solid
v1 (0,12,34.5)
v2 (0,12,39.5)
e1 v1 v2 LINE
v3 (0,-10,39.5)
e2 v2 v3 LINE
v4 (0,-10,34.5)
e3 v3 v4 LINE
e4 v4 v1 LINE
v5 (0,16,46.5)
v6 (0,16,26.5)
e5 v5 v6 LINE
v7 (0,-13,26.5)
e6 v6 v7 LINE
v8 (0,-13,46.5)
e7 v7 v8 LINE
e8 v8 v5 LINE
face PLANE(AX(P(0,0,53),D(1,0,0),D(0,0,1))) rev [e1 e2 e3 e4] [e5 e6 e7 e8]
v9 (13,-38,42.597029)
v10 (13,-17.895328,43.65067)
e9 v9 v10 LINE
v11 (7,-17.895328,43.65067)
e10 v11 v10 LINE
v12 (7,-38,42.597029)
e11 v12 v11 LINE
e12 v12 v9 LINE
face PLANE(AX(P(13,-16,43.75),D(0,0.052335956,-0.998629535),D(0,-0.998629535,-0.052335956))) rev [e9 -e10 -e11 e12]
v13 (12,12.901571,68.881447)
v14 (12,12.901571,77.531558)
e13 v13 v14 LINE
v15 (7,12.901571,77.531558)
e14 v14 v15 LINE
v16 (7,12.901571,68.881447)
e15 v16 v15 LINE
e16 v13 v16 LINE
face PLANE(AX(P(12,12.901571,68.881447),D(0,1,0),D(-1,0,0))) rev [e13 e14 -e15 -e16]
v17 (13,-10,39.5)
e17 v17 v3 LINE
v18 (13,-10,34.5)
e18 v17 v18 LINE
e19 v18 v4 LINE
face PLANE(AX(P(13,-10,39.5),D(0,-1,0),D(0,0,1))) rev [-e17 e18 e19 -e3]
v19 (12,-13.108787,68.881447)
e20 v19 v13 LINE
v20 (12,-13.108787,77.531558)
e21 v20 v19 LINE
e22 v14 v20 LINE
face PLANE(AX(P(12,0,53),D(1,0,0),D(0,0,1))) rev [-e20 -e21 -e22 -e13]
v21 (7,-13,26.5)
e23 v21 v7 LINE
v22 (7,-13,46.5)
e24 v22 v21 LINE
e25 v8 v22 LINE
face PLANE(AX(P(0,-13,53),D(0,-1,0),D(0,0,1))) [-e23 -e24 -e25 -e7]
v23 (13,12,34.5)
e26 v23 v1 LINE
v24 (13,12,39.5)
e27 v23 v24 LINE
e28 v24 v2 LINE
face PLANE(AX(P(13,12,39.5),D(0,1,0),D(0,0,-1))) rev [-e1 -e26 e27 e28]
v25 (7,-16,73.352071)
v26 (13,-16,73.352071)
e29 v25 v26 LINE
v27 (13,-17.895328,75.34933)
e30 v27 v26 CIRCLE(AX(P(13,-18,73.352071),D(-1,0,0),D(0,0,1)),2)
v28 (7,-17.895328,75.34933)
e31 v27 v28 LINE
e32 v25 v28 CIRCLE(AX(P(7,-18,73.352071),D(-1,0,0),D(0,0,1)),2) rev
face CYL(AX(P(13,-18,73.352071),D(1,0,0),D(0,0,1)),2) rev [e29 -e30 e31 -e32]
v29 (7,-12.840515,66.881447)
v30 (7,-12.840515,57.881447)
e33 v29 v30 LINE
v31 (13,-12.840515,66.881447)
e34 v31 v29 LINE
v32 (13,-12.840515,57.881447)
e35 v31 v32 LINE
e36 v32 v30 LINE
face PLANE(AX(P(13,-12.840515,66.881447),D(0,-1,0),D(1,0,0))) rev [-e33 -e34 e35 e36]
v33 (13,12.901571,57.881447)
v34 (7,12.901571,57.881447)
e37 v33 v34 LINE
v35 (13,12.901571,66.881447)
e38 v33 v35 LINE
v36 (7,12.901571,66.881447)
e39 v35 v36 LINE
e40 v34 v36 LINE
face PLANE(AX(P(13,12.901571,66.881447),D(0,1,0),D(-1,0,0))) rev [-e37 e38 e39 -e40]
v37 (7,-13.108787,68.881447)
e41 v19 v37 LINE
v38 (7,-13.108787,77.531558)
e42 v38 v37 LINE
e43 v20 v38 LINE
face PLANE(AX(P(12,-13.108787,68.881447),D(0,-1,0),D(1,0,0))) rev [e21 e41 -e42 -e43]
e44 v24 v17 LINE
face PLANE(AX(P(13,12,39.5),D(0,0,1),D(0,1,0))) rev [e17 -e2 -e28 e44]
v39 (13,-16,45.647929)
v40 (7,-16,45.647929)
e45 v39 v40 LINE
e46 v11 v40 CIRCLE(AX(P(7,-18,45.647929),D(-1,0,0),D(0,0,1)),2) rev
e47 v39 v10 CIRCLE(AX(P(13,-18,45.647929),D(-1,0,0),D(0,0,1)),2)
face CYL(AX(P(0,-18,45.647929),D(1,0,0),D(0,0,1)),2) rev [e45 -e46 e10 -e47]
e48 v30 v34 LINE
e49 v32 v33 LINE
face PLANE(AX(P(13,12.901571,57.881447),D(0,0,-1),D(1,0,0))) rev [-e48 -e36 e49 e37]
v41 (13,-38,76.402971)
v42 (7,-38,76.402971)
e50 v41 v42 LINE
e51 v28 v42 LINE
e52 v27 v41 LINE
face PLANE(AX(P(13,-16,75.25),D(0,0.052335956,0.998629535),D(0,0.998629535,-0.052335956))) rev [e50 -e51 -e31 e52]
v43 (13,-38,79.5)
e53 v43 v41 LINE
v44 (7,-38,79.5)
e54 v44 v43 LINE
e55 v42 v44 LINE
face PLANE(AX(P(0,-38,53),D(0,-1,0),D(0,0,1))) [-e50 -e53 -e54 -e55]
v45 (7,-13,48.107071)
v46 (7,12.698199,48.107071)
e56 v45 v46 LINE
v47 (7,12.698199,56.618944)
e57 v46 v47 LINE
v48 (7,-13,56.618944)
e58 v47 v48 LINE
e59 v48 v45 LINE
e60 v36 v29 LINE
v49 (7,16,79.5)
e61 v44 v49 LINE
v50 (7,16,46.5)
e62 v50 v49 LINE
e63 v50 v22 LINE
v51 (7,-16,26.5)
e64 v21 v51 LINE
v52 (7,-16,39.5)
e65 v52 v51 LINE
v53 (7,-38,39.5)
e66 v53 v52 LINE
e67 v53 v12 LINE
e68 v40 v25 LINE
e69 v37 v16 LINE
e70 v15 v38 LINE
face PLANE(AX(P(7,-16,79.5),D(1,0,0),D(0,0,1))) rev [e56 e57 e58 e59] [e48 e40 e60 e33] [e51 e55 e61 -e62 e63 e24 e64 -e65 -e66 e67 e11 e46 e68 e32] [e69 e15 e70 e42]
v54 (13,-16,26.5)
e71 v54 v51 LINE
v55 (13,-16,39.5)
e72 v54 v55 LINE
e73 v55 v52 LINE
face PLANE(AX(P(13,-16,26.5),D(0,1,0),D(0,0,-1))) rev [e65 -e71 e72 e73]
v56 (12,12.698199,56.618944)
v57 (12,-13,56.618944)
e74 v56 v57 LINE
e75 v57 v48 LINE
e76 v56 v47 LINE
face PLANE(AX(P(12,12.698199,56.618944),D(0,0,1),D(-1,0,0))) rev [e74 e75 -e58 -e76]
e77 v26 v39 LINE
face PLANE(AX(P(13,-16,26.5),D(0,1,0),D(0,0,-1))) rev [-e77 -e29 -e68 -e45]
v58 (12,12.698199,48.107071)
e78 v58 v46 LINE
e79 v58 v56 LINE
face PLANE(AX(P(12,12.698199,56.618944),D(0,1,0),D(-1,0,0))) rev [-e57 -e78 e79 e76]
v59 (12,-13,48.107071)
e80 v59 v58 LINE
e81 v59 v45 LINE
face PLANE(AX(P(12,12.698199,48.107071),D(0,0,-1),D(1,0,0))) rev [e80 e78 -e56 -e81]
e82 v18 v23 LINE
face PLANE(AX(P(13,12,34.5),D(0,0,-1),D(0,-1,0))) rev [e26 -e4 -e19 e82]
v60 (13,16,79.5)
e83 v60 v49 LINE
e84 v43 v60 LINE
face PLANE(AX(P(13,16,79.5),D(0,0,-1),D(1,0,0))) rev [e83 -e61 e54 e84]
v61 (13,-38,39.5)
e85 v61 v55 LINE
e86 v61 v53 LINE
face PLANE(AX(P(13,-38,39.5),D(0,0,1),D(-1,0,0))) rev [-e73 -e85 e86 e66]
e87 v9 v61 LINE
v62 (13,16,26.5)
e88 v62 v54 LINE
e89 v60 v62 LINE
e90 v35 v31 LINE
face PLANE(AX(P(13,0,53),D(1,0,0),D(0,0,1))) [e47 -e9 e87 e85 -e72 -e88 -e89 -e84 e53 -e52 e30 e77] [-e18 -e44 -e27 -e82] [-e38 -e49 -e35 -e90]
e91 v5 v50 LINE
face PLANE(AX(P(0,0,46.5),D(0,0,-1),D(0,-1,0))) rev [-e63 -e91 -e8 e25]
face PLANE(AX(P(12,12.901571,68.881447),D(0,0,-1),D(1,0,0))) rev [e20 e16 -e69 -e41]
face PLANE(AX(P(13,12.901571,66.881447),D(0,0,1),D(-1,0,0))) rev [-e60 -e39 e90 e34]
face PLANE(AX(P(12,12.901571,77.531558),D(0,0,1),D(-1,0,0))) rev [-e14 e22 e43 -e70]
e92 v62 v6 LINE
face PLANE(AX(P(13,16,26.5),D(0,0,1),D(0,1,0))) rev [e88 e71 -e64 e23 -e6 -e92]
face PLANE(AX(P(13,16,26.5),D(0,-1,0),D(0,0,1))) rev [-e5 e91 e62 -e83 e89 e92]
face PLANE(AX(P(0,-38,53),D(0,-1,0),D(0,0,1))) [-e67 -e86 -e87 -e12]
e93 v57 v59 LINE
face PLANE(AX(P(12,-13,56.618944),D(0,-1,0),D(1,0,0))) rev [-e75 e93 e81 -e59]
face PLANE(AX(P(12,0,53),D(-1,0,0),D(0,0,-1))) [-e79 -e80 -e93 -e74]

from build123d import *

# Parameters (mm, degrees)
SKETCH1_W           = 53
SKETCH1_H           = 32
BOSS_EXTRUDE1_DEPTH = 13
SKETCH7_W           = 7
SKETCH7_H           = 40
CUT_EXTRUDE3_DEPTH  = 44.534469102
SKETCH8_W           = 6
SKETCH8_H           = 40
BOSS_EXTRUDE2_DEPTH = 22
SKETCH20_W          = 6
SKETCH20_H          = 31.5
CUT_EXTRUDE9_DEPTH  = 44.534469102
CUT_EXTRUDE9_DRAFT  = -3
FILLET1_R           = 2
FILLET2_R           = 2
SKETCH49_W          = 7
SKETCH49_H          = 32
BOSS_EXTRUDE3_DEPTH = 7
SKETCH50_W          = 7
SKETCH50_H          = 20
CUT_EXTRUDE19_DEPTH = 3
SKETCH35_W          = 9
SKETCH35_H          = 25.742086546
CUT_EXTRUDE15_DEPTH = 47.853495067
SKETCH36_W          = 8.51187264
SKETCH36_H          = 25.698199293
CUT_EXTRUDE16_DEPTH = 5
SKETCH55_W          = 8.650111134
SKETCH55_H          = 26.010357873
CUT_EXTRUDE20_DEPTH = 5
SKETCH63_W          = 5
SKETCH63_H          = 22
CUT_EXTRUDE21_DEPTH = 49.117044797


with BuildPart() as part:
    # Sketch1 → Boss-Extrude1 (new body)
    with BuildSketch(Plane(origin=(0, 0, 0), x_dir=(0, 0, -1), z_dir=(1, 0, 0))):
        Rectangle(SKETCH1_W, SKETCH1_H)
    extrude(amount=BOSS_EXTRUDE1_DEPTH)

    # Sketch7 → Cut-Extrude3 (cut, through all)
    with BuildSketch(Plane(origin=(0, 16, 0), x_dir=(1, 0, 0), z_dir=(0, 1, 0))):
        with Locations((3.5, 6.5)):
            Rectangle(SKETCH7_W, SKETCH7_H)
    extrude(amount=-CUT_EXTRUDE3_DEPTH, mode=Mode.SUBTRACT)

    # Sketch8 → Boss-Extrude2 (add)
    with BuildSketch(Plane.XZ.offset(16)):
        with Locations((10, -6.5)):
            Rectangle(SKETCH8_W, SKETCH8_H)
    extrude(amount=BOSS_EXTRUDE2_DEPTH)


with BuildPart() as cut_extrude9_tool:
    # Sketch20 → Cut-Extrude9 (with draft: the straight prism first)
    with BuildSketch(Plane(origin=(0, -16, 0), x_dir=(-1, 0, 0), z_dir=(0, -1, 0))):
        with Locations((-10, 6.5)):
            Rectangle(SKETCH20_W, SKETCH20_H)
    extrude(amount=CUT_EXTRUDE9_DEPTH)
    # Cut-Extrude9: the draft: its side faces are tilted about the plane it starts from
    cut_extrude9_sides = [cut_extrude9_tool.faces().sort_by_distance(p)[0] for p in [
        (10, -38.267234551, 9.25),
        (7, -38.267234551, -6.5),
        (10, -38.267234551, -22.25),
        (13, -38.267234551, -6.5),
    ]]
    draft(cut_extrude9_sides, Plane(origin=(0, -16, 0), x_dir=(-1, 0, 0), z_dir=(0, -1, 0)), CUT_EXTRUDE9_DRAFT)


with BuildPart() as part_1:
    add(part.part)

    # Cut-Extrude9: cut by cut_extrude9_tool
    add(cut_extrude9_tool.part, mode=Mode.SUBTRACT)

    # Fillet1
    fillet1_edges = [part_1.edges().sort_by_distance(p)[0] for p in [
        (10, -16, -22.25),
    ]]
    fillet(fillet1_edges, radius=FILLET1_R)

    # Fillet2
    fillet2_edges = [part_1.edges().sort_by_distance(p)[0] for p in [
        (10, -16, 9.25),
    ]]
    fillet(fillet2_edges, radius=FILLET2_R)

    # Sketch49 → Boss-Extrude3 (add)
    with BuildSketch(Plane(origin=(0, 0, 13.5), x_dir=(-1, 0, 0), z_dir=(0, 0, -1))):
        with Locations((-3.5, 0)):
            Rectangle(SKETCH49_W, SKETCH49_H)
    extrude(amount=BOSS_EXTRUDE3_DEPTH)

    # Sketch50 → Cut-Extrude19 (cut)
    with BuildSketch(Plane.XZ.offset(16)):
        with Locations((3.5, 16.5)):
            Rectangle(SKETCH50_W, SKETCH50_H)
    extrude(amount=-CUT_EXTRUDE19_DEPTH, mode=Mode.SUBTRACT)

    # Sketch35 → Cut-Extrude15 (cut, through all)
    with BuildSketch(Plane.ZY.offset(-7)):
        with Locations((-9.381446742, 0.030527838)):
            Rectangle(SKETCH35_W, SKETCH35_H)
    extrude(amount=-CUT_EXTRUDE15_DEPTH, mode=Mode.SUBTRACT)

    # Sketch36 → Cut-Extrude16 (cut)
    with BuildSketch(Plane.ZY.offset(-7)):
        with Locations((0.636992311, -0.150900353)):
            Rectangle(SKETCH36_W, SKETCH36_H)
    extrude(amount=-CUT_EXTRUDE16_DEPTH, mode=Mode.SUBTRACT)

    # Sketch55 → Cut-Extrude20 (cut)
    with BuildSketch(Plane.ZY.offset(-7)):
        with Locations((-20.206502309, -0.103607826)):
            Rectangle(SKETCH55_W, SKETCH55_H)
    extrude(amount=-CUT_EXTRUDE20_DEPTH, mode=Mode.SUBTRACT)

    # Sketch63 → Cut-Extrude21 (cut, through all)
    with BuildSketch(Plane.ZY):
        with Locations((16, 1)):
            Rectangle(SKETCH63_W, SKETCH63_H)
    extrude(amount=-CUT_EXTRUDE21_DEPTH, mode=Mode.SUBTRACT)


with BuildPart() as body_2:
    # Mirror1: mirrored copy
    add(part_1.part.mirror(Plane(origin=(13, 16, 26.5), x_dir=(1, 0, 0), z_dir=(0, 0, -1))))


solid = body_2.part
